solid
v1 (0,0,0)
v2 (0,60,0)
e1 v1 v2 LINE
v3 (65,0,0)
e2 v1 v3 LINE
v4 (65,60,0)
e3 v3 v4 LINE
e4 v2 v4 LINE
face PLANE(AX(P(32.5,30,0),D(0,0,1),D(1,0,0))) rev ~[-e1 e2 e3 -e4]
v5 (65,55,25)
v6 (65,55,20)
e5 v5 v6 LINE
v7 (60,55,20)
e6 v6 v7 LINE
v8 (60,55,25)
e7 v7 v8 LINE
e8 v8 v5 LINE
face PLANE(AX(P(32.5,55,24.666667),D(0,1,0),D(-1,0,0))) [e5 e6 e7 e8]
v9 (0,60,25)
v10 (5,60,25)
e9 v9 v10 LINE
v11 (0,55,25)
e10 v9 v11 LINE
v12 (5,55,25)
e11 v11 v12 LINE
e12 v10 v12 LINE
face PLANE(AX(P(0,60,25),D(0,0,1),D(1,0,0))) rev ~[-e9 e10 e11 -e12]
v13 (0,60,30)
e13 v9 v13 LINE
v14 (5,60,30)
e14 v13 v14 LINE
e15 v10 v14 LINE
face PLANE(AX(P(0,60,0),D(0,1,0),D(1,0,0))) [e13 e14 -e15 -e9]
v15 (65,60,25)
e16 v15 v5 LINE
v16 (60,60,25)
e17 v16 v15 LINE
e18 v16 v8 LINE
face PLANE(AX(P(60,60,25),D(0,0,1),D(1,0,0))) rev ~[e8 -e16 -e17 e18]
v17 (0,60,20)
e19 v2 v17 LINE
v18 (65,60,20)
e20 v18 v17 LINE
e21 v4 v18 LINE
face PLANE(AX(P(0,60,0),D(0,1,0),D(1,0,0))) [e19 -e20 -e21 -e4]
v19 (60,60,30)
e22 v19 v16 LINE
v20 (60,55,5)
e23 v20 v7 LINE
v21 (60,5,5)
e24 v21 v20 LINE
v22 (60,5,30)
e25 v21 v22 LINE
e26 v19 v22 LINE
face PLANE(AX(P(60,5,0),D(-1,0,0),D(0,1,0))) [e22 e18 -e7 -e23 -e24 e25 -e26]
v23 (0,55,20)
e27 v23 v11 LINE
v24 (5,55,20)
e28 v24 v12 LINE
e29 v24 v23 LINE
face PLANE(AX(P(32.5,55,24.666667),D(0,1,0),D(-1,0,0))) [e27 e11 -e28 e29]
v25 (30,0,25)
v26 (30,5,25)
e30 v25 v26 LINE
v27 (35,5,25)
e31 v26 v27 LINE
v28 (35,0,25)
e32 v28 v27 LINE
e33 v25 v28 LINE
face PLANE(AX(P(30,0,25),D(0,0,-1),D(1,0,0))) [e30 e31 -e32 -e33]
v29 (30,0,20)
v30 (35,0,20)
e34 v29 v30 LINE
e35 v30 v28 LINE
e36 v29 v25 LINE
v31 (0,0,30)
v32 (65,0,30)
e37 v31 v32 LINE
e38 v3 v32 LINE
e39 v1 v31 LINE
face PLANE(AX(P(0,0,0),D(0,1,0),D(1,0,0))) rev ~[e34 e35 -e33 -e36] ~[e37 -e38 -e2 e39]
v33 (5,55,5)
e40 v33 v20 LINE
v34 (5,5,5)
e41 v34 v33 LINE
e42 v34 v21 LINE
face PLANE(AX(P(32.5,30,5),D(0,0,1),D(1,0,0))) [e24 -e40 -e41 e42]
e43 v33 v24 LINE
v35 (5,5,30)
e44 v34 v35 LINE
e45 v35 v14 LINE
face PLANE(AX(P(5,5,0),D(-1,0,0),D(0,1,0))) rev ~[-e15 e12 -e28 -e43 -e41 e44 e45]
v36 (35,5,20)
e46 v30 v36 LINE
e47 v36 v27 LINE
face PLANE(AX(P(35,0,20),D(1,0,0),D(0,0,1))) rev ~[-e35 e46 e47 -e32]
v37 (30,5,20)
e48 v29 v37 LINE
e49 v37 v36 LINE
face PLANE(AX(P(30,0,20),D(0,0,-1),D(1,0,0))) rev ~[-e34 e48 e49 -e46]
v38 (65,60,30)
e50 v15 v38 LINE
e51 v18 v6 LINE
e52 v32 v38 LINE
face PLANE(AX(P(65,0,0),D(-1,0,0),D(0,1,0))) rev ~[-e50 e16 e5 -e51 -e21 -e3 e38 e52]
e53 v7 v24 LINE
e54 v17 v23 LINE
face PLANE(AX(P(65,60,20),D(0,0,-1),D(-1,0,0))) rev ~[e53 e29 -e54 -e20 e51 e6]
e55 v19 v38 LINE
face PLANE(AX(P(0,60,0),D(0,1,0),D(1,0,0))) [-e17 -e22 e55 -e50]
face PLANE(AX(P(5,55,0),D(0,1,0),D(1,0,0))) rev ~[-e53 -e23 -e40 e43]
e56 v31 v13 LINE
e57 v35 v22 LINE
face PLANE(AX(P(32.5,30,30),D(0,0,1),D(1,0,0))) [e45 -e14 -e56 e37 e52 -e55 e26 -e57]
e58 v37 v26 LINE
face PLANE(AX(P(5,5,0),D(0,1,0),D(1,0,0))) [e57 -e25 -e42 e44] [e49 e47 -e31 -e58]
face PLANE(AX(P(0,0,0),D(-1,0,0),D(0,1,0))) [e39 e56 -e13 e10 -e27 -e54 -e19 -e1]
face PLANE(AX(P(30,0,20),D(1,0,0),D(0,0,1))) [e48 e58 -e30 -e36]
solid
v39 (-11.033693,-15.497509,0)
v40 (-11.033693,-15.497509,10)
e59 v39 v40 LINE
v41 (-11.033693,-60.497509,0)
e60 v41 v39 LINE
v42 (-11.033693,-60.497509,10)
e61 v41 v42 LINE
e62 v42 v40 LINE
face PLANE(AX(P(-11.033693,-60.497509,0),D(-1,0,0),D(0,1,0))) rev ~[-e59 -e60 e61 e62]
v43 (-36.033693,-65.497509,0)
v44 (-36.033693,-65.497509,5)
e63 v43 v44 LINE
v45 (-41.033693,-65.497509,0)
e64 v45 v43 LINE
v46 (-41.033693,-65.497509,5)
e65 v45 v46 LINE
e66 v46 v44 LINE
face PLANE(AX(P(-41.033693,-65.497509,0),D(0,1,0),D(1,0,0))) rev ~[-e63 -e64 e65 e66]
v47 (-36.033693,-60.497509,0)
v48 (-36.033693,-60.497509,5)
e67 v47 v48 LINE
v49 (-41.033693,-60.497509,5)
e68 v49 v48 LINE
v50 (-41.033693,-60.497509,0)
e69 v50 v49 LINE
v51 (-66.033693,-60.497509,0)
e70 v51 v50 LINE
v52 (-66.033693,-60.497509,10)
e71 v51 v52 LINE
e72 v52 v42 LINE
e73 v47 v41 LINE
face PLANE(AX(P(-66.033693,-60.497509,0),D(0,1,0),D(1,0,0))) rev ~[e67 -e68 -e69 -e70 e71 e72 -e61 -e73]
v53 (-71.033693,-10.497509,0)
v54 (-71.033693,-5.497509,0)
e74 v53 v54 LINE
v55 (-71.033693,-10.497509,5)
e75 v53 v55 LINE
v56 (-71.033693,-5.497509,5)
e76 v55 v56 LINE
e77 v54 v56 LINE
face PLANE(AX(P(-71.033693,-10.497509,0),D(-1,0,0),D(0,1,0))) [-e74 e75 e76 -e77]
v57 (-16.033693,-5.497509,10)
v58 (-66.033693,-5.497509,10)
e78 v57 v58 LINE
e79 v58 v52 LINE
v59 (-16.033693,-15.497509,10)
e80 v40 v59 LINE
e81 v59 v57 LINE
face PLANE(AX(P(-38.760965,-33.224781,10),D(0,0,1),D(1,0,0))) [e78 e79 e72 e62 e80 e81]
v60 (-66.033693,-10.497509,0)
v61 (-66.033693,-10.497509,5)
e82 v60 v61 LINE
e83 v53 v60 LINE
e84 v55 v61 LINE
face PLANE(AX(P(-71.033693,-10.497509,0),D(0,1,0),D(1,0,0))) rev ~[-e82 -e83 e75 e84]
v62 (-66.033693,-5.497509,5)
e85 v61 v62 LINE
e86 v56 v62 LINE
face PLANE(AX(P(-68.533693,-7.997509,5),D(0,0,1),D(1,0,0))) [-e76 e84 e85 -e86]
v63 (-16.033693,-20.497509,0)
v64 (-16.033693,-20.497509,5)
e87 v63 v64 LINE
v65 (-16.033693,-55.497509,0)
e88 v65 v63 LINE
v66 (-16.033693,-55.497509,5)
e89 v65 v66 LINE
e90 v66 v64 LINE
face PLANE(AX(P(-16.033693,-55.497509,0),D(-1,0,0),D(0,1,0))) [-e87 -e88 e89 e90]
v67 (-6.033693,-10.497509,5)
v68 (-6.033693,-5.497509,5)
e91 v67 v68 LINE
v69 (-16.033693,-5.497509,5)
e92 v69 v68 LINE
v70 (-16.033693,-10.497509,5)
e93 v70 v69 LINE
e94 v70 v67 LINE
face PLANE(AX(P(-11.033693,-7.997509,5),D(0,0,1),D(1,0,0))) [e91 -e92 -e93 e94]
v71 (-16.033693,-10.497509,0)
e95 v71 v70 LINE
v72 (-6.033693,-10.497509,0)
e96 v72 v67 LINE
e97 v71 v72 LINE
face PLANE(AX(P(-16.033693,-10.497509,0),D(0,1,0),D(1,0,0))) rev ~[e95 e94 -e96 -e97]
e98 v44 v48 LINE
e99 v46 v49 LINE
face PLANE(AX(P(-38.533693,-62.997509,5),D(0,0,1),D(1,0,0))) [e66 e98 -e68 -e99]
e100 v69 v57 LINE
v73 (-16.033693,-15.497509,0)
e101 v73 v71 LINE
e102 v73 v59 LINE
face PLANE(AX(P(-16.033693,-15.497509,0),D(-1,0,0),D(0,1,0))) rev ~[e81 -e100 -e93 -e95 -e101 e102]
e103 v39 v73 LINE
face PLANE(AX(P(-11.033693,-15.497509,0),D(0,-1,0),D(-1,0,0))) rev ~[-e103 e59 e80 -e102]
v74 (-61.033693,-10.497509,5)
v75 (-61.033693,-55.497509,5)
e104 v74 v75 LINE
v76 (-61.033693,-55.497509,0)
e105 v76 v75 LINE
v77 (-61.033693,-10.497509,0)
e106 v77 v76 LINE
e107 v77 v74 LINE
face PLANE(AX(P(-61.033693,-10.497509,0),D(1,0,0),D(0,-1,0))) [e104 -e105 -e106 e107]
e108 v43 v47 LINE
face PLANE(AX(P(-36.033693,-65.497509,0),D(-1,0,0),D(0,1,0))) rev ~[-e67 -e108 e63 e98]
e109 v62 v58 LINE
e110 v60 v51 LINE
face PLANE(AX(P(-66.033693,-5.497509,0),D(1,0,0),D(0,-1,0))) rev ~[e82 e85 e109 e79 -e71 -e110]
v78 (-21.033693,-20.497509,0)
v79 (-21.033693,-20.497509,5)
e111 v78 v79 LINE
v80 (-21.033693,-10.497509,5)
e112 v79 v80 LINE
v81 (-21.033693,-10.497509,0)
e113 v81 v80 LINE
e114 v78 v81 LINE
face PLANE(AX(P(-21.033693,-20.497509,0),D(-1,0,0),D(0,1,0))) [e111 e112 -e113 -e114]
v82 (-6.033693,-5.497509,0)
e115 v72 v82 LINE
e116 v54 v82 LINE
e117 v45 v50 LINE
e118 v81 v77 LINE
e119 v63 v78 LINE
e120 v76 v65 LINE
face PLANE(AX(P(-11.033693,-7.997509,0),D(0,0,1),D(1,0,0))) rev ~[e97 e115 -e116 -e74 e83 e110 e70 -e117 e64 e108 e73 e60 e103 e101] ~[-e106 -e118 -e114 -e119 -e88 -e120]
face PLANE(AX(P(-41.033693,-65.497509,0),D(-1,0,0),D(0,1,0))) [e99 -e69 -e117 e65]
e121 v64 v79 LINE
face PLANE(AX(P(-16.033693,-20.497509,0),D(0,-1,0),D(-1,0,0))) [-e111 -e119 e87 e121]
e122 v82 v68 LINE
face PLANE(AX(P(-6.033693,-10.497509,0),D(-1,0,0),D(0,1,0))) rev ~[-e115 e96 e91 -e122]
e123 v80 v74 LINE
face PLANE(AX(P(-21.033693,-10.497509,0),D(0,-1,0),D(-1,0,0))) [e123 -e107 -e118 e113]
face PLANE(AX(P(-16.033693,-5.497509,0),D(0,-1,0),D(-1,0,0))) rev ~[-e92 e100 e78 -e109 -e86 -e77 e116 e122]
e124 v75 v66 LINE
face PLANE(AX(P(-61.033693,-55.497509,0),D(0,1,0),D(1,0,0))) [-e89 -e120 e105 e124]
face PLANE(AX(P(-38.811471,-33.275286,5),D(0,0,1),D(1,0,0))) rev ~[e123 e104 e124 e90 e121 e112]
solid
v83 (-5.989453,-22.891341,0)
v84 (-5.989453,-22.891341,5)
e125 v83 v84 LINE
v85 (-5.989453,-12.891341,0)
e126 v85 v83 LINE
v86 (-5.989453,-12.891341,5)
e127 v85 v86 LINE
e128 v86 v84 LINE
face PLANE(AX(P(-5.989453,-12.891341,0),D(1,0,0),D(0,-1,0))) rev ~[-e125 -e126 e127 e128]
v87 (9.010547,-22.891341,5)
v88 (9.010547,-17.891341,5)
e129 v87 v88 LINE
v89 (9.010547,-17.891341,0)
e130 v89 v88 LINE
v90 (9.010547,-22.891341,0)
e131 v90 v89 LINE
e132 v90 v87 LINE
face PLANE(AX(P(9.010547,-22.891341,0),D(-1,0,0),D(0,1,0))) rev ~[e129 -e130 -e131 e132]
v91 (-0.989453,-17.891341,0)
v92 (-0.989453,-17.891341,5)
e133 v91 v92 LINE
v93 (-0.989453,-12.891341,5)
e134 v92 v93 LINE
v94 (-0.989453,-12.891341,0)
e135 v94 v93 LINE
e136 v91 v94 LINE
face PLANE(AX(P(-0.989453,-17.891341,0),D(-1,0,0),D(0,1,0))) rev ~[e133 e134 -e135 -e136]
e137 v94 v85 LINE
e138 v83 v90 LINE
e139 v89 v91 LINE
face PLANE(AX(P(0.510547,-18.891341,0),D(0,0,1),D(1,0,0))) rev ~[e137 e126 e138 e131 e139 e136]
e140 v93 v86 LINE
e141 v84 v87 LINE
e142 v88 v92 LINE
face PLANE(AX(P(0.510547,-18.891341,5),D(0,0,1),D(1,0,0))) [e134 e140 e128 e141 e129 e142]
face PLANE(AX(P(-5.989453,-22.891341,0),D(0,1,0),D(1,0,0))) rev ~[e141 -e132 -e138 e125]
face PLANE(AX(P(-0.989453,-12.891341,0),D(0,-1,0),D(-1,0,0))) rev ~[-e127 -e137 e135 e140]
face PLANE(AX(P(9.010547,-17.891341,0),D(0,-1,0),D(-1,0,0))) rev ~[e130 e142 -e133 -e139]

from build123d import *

# Parameters (mm, degrees)
F5_W      = 55
F5_H      = 50
F6_DEPTH  = 5
F5_W_2    = 65
F5_H_2    = 60
F7_DEPTH  = 30
F9_DEPTH  = 5
F10_DEPTH = 10
F11_DEPTH = 5
F5_W_3    = 10
F5_H_3    = 5
F5_W_4    = 5
F12_DEPTH = 5
F13_W     = 5
F13_H     = 5
F14_DEPTH = 5
F15_DEPTH = 5


with BuildPart() as f6:
    # F5 (on Top) → F6 (new body)
    with BuildSketch(Plane.XY):
        with Locations((32.5, 30)):
            Rectangle(F5_W, F5_H)
    extrude(amount=F6_DEPTH)

    # F5 (on Top) → F7 (join)
    with BuildSketch(Plane.XY):
        with Locations((32.5, 30)):
            Rectangle(F5_W_2, F5_H_2)
        with Locations((32.5, 30)):
            Rectangle(F5_W, F5_H, mode=Mode.SUBTRACT)
    extrude(amount=F7_DEPTH)

    # F8 (on face) → F9 (cut)
    with BuildSketch(Plane(origin=(0, 60, 0), x_dir=(-1, 0, 0), z_dir=(0, 1, 0))):
        Polygon((-60, 25), (-65, 25), (-65, 20), (0, 20), (0, 25), (-5, 25), (-5, 30), (-60, 30), align=None)
    extrude(amount=-F9_DEPTH, mode=Mode.SUBTRACT)

    # F13 (on face) → F14 (cut, through all)
    with BuildSketch(Plane.XZ):
        with Locations((32.5, 22.5)):
            Rectangle(F13_W, F13_H)
    extrude(amount=-F14_DEPTH, mode=Mode.SUBTRACT)


with BuildPart() as f10:
    # F5 (on Top) → F10 (new body)
    with BuildSketch(Plane.XY):
        Polygon((-16.0336927418, -5.4975085858), (-66.0336927418, -5.4975085858), (-66.0336927418, -10.4975085858), (-66.0336927418, -60.4975085858), (-41.0336927418, -60.4975085858), (-36.0336927418, -60.4975085858), (-11.0336927418, -60.4975085858), (-11.0336927418, -15.4975085858), (-16.0336927418, -15.4975085858), (-16.0336927418, -10.4975085858), align=None)
        Polygon((-61.0336927418, -55.4975085858), (-61.0336927418, -10.4975085858), (-21.0336927418, -10.4975085858), (-21.0336927418, -20.4975085858), (-16.0336927418, -20.4975085858), (-16.0336927418, -55.4975085858), align=None, mode=Mode.SUBTRACT)
        Polygon((-21.0336927418, -10.4975085858), (-61.0336927418, -10.4975085858), (-61.0336927418, -55.4975085858), (-16.0336927418, -55.4975085858), (-16.0336927418, -20.4975085858), (-21.0336927418, -20.4975085858), align=None)
    extrude(amount=F10_DEPTH)

    # F5 (on Top) → F11 (cut)
    with BuildSketch(Plane.XY):
        Polygon((-21.0336927418, -10.4975085858), (-61.0336927418, -10.4975085858), (-61.0336927418, -55.4975085858), (-16.0336927418, -55.4975085858), (-16.0336927418, -20.4975085858), (-21.0336927418, -20.4975085858), align=None)
    extrude(amount=F11_DEPTH, mode=Mode.SUBTRACT)

    # F5 (on Top) → F12 (join)
    with BuildSketch(Plane.XY):
        with Locations((-11.0336927418, -7.9975085858)):
            Rectangle(F5_W_3, F5_H_3)
        with Locations((-38.5336927418, -62.9975085858)):
            Rectangle(F5_W_4, F5_H_3)
        with Locations((-68.5336927418, -7.9975085858)):
            Rectangle(F5_W_4, F5_H_3)
    extrude(amount=F12_DEPTH)


with BuildPart() as f15:
    # F5 (on Top) → F15 (new body)
    with BuildSketch(Plane.XY):
        Polygon((-5.9894532897, -12.8913407773), (-5.9894532897, -22.8913407773), (9.0105467103, -22.8913407773), (9.0105467103, -17.8913407773), (-0.9894532897, -17.8913407773), (-0.9894532897, -12.8913407773), align=None)
    extrude(amount=F15_DEPTH)


solid = Compound([f6.part, f10.part, f15.part])
